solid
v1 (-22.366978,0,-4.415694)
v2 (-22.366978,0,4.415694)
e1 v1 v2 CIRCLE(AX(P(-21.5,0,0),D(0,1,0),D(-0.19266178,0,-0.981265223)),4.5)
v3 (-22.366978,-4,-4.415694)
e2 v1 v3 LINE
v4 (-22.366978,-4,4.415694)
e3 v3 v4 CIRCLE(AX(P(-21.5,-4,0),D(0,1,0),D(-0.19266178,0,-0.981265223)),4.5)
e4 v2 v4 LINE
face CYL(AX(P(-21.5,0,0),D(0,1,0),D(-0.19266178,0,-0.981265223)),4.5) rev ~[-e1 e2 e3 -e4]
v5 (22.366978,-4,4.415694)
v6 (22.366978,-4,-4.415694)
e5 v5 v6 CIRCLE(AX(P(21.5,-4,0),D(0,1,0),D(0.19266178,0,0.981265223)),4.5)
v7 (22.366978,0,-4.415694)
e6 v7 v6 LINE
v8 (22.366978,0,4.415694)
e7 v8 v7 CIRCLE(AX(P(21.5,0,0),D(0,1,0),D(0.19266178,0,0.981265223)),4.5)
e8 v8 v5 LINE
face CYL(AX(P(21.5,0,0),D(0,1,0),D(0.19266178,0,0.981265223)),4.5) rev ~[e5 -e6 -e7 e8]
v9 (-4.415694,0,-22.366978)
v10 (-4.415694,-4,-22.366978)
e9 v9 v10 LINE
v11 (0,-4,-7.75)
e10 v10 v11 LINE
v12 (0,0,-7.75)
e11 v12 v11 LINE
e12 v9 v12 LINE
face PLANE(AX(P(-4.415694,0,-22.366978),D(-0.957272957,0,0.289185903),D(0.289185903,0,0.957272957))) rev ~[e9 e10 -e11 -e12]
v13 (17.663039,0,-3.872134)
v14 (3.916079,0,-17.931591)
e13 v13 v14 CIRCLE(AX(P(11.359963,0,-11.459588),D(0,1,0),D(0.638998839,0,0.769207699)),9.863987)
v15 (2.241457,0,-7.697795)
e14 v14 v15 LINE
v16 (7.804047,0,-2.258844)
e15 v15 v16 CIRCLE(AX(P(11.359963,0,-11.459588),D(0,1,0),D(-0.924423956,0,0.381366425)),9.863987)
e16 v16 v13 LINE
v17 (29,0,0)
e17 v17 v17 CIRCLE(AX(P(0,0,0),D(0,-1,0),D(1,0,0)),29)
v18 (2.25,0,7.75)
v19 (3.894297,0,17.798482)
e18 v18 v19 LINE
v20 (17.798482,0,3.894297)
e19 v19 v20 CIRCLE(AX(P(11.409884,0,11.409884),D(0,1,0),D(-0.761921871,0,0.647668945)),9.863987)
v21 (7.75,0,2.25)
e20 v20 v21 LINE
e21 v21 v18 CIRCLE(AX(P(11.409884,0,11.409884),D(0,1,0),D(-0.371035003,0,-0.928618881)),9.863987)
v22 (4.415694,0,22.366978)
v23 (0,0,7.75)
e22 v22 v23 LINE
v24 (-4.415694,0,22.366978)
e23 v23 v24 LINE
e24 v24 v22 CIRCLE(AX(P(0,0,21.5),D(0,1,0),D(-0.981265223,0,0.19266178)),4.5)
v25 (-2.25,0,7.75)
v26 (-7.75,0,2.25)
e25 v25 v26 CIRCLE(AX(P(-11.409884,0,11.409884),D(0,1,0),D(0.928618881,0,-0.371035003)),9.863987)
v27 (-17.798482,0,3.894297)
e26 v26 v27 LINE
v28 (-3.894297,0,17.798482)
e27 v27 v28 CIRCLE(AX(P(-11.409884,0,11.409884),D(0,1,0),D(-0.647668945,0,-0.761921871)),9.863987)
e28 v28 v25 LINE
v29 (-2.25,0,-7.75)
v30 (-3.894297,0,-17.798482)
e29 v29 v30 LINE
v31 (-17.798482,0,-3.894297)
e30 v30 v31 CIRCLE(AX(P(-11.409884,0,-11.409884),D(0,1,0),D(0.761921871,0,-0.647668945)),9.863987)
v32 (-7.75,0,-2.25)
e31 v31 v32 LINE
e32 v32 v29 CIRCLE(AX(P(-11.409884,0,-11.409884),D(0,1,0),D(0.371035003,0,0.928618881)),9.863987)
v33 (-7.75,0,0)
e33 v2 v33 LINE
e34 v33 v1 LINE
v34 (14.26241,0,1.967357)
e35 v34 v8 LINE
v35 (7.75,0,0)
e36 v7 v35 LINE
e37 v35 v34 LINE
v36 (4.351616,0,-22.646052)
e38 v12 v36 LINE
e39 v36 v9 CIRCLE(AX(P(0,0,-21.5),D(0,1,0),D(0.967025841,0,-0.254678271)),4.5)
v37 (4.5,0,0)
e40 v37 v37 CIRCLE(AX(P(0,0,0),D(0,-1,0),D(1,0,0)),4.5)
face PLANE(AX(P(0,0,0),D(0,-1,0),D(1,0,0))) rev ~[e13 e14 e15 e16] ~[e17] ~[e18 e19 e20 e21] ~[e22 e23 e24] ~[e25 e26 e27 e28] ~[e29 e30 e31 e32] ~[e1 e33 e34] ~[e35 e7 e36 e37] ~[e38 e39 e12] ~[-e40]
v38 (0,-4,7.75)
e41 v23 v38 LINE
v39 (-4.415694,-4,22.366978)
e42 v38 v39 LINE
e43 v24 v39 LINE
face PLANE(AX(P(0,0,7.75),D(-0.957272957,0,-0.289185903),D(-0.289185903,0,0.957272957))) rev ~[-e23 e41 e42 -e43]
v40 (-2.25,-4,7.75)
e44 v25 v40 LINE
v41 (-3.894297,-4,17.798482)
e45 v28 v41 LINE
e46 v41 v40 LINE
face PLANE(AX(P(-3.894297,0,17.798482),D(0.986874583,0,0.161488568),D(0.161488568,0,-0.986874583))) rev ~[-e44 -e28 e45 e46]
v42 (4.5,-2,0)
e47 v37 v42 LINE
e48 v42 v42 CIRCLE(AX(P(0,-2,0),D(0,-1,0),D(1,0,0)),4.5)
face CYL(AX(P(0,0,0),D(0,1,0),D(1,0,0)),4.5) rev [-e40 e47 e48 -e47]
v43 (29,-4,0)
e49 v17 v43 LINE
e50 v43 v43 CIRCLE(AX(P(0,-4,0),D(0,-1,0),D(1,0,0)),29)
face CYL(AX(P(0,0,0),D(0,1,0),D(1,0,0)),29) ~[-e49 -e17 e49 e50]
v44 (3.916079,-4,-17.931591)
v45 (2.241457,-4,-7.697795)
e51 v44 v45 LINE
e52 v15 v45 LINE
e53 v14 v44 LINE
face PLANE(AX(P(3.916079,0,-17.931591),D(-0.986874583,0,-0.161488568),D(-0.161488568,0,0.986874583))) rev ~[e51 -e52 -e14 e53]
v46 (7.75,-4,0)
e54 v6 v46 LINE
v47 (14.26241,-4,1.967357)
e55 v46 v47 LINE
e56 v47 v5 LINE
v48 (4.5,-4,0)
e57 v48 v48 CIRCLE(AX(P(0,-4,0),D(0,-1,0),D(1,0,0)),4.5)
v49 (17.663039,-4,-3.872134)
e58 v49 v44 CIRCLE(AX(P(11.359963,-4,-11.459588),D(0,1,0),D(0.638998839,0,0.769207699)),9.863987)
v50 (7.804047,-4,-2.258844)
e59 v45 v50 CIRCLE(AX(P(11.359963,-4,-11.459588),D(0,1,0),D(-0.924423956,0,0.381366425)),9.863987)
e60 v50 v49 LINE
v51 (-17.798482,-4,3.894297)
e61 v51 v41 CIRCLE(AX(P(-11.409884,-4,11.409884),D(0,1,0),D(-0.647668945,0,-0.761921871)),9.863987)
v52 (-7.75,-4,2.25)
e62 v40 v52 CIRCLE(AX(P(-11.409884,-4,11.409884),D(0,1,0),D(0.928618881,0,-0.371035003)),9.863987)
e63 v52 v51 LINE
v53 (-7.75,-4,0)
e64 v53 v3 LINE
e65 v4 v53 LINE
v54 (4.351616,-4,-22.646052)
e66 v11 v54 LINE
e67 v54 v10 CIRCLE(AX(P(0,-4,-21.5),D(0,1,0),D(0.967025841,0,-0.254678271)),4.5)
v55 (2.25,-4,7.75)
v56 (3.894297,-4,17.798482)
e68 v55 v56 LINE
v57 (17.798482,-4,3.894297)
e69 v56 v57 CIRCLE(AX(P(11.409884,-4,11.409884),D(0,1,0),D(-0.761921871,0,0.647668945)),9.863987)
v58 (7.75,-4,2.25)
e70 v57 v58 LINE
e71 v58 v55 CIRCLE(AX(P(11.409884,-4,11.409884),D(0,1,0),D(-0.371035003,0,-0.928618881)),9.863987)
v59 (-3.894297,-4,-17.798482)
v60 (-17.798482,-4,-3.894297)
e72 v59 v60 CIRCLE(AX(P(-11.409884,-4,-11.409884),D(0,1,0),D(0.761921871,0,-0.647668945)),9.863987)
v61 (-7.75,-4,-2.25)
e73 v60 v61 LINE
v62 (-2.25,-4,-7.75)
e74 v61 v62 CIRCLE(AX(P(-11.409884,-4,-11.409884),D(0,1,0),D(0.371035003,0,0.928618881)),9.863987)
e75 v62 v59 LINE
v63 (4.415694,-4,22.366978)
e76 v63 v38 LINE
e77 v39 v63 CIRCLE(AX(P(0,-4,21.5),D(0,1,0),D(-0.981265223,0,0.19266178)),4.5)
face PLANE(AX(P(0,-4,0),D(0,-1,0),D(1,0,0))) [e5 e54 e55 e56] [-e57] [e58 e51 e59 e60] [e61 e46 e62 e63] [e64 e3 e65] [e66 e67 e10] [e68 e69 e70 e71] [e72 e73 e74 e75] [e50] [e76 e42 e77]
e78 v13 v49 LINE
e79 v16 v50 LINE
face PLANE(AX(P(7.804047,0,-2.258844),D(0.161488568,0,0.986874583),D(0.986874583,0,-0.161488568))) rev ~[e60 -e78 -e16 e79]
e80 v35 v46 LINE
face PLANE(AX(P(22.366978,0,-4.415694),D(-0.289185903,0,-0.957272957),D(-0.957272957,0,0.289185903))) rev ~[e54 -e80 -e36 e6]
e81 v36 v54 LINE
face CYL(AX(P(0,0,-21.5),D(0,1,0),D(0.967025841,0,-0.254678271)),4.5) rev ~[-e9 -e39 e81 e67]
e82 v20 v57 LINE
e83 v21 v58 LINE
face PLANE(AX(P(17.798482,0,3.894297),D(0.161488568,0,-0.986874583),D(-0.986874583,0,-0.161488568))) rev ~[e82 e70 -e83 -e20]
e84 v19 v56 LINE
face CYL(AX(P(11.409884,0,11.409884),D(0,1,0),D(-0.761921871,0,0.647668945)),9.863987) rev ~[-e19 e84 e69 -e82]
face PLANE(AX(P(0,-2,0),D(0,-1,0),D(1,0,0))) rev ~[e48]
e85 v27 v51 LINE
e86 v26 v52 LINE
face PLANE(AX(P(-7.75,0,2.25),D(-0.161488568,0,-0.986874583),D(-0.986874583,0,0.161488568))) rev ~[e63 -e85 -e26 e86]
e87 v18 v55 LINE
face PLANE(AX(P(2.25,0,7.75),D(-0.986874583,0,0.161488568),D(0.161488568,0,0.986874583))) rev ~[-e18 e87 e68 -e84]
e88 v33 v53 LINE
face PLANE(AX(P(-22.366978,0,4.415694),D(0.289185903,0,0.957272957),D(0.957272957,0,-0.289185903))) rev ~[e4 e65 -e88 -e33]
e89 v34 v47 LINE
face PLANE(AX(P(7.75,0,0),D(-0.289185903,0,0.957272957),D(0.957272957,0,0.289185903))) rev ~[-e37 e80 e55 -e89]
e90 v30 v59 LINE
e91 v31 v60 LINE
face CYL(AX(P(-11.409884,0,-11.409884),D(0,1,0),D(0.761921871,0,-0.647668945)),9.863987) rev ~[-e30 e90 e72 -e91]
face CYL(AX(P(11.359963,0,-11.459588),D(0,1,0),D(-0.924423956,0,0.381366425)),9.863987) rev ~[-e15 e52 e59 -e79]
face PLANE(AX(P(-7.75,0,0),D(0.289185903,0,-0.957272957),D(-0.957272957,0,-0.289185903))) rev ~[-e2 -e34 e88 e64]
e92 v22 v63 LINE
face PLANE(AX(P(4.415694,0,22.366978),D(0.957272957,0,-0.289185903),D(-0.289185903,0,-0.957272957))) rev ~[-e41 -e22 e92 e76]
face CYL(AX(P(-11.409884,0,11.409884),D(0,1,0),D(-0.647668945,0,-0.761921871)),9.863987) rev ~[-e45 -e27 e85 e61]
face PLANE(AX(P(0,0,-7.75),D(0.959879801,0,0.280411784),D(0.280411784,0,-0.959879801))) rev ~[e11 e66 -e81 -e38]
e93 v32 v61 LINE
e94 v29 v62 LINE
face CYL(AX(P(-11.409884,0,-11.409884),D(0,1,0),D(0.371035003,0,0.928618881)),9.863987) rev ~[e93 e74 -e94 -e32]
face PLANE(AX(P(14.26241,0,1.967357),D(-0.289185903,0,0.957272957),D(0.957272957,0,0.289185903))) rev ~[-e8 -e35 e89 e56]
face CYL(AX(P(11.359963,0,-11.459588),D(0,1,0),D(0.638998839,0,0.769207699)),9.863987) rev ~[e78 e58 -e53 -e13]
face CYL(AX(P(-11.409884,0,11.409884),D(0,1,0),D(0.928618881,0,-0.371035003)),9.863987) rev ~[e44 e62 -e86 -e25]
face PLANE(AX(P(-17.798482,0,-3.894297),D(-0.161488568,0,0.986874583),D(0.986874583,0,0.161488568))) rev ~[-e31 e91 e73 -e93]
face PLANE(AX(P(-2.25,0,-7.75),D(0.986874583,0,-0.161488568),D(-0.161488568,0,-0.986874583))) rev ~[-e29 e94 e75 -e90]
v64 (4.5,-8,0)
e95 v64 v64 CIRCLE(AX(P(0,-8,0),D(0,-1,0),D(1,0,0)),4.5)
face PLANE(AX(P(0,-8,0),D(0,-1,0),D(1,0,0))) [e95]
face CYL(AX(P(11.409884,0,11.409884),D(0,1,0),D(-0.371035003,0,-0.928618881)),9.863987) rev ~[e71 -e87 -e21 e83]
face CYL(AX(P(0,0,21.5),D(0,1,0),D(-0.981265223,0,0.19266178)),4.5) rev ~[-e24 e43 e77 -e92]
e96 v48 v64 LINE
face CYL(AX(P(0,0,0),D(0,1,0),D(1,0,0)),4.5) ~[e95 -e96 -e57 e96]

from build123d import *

# Parameters (mm, degrees)
F0_R     = 4.5
F1_DEPTH = 8
F0_R_2   = 29
F0_R_3   = 27
F2_DEPTH = 4
F3_DEPTH = 2


with BuildPart() as f1:
    # F0 (on Front) → F1 (new body)
    with BuildSketch(Plane.XZ):
        Circle(F0_R)
    extrude(amount=F1_DEPTH)

    # F0 (on Front) → F2 (join)
    with BuildSketch(Plane.XZ):
        Circle(F0_R_2)
        Circle(F0_R_3, mode=Mode.SUBTRACT)
        Circle(F0_R_3)
        with BuildLine():
            ThreePointArc((4.3516162867, -22.646052221), (-0.1431680004, -25.9977219705), (-4.4156935051, -22.3669780097))
            Line((-4.4156935051, -22.3669780097), (0, -7.75))
            Line((0, -7.75), (4.3516162867, -22.646052221))
        make_face(mode=Mode.SUBTRACT)
        with BuildLine():
            ThreePointArc((-3.8942970998, -17.7984822768), (-18.3847763109, -18.3847763109), (-17.7984822768, -3.8942970998))
            Line((-17.7984822768, -3.8942970998), (-7.75, -2.25))
            ThreePointArc((-7.75, -2.25), (-4.4349924254, -4.4349924254), (-2.25, -7.75))
            Line((-2.25, -7.75), (-3.8942970998, -17.7984822768))
        make_face(mode=Mode.SUBTRACT)
        with BuildLine():
            Line((3.9160785154, -17.9315909272), (2.241457342, -7.6977948676))
            ThreePointArc((2.241457342, -7.6977948676), (4.4638924206, -4.4067558), (7.8040467228, -2.2588440092))
            Line((7.8040467228, -2.2588440092), (17.6630391225, -3.8721336746))
            ThreePointArc((17.6630391225, -3.8721336746), (18.4127954662, -18.3556588455), (3.9160785154, -17.9315909272))
        make_face(mode=Mode.SUBTRACT)
        with BuildLine():
            ThreePointArc((-22.3669780097, -4.4156935051), (-26, 0), (-22.3669780097, 4.4156935051))
            Line((-22.3669780097, 4.4156935051), (-7.75, 0))
            Line((-7.75, 0), (-22.3669780097, -4.4156935051))
        make_face(mode=Mode.SUBTRACT)
        with BuildLine():
            Line((-7.75, 2.25), (-17.7984822768, 3.8942970998))
            ThreePointArc((-17.7984822768, 3.8942970998), (-18.3847763109, 18.3847763109), (-3.8942970998, 17.7984822768))
            Line((-3.8942970998, 17.7984822768), (-2.25, 7.75))
            ThreePointArc((-2.25, 7.75), (-4.4349924254, 4.4349924254), (-7.75, 2.25))
        make_face(mode=Mode.SUBTRACT)
        Circle(F0_R, mode=Mode.SUBTRACT)
        with BuildLine():
            Line((17.7984822768, 3.8942970998), (7.75, 2.25))
            ThreePointArc((7.75, 2.25), (4.4349924254, 4.4349924254), (2.25, 7.75))
            Line((2.25, 7.75), (3.8942970998, 17.7984822768))
            ThreePointArc((3.8942970998, 17.7984822768), (18.3847763109, 18.3847763109), (17.7984822768, 3.8942970998))
        make_face(mode=Mode.SUBTRACT)
        with BuildLine():
            ThreePointArc((22.3669780097, 4.4156935051), (26, 0), (22.3669780097, -4.4156935051))
            Line((22.3669780097, -4.4156935051), (7.75, 0))
            Line((7.75, 0), (14.262410288, 1.9673565762))
            Line((14.262410288, 1.9673565762), (22.3669780097, 4.4156935051))
        make_face(mode=Mode.SUBTRACT)
        with BuildLine():
            ThreePointArc((-4.4156935051, 22.3669780097), (0, 26), (4.4156935051, 22.3669780097))
            Line((4.4156935051, 22.3669780097), (0, 7.75))
            Line((0, 7.75), (-4.4156935051, 22.3669780097))
        make_face(mode=Mode.SUBTRACT)
    extrude(amount=F2_DEPTH)

    # F0 (on Front) → F3 (cut)
    with BuildSketch(Plane.XZ):
        Circle(F0_R)
    extrude(amount=F3_DEPTH, mode=Mode.SUBTRACT)


solid = f1.part
